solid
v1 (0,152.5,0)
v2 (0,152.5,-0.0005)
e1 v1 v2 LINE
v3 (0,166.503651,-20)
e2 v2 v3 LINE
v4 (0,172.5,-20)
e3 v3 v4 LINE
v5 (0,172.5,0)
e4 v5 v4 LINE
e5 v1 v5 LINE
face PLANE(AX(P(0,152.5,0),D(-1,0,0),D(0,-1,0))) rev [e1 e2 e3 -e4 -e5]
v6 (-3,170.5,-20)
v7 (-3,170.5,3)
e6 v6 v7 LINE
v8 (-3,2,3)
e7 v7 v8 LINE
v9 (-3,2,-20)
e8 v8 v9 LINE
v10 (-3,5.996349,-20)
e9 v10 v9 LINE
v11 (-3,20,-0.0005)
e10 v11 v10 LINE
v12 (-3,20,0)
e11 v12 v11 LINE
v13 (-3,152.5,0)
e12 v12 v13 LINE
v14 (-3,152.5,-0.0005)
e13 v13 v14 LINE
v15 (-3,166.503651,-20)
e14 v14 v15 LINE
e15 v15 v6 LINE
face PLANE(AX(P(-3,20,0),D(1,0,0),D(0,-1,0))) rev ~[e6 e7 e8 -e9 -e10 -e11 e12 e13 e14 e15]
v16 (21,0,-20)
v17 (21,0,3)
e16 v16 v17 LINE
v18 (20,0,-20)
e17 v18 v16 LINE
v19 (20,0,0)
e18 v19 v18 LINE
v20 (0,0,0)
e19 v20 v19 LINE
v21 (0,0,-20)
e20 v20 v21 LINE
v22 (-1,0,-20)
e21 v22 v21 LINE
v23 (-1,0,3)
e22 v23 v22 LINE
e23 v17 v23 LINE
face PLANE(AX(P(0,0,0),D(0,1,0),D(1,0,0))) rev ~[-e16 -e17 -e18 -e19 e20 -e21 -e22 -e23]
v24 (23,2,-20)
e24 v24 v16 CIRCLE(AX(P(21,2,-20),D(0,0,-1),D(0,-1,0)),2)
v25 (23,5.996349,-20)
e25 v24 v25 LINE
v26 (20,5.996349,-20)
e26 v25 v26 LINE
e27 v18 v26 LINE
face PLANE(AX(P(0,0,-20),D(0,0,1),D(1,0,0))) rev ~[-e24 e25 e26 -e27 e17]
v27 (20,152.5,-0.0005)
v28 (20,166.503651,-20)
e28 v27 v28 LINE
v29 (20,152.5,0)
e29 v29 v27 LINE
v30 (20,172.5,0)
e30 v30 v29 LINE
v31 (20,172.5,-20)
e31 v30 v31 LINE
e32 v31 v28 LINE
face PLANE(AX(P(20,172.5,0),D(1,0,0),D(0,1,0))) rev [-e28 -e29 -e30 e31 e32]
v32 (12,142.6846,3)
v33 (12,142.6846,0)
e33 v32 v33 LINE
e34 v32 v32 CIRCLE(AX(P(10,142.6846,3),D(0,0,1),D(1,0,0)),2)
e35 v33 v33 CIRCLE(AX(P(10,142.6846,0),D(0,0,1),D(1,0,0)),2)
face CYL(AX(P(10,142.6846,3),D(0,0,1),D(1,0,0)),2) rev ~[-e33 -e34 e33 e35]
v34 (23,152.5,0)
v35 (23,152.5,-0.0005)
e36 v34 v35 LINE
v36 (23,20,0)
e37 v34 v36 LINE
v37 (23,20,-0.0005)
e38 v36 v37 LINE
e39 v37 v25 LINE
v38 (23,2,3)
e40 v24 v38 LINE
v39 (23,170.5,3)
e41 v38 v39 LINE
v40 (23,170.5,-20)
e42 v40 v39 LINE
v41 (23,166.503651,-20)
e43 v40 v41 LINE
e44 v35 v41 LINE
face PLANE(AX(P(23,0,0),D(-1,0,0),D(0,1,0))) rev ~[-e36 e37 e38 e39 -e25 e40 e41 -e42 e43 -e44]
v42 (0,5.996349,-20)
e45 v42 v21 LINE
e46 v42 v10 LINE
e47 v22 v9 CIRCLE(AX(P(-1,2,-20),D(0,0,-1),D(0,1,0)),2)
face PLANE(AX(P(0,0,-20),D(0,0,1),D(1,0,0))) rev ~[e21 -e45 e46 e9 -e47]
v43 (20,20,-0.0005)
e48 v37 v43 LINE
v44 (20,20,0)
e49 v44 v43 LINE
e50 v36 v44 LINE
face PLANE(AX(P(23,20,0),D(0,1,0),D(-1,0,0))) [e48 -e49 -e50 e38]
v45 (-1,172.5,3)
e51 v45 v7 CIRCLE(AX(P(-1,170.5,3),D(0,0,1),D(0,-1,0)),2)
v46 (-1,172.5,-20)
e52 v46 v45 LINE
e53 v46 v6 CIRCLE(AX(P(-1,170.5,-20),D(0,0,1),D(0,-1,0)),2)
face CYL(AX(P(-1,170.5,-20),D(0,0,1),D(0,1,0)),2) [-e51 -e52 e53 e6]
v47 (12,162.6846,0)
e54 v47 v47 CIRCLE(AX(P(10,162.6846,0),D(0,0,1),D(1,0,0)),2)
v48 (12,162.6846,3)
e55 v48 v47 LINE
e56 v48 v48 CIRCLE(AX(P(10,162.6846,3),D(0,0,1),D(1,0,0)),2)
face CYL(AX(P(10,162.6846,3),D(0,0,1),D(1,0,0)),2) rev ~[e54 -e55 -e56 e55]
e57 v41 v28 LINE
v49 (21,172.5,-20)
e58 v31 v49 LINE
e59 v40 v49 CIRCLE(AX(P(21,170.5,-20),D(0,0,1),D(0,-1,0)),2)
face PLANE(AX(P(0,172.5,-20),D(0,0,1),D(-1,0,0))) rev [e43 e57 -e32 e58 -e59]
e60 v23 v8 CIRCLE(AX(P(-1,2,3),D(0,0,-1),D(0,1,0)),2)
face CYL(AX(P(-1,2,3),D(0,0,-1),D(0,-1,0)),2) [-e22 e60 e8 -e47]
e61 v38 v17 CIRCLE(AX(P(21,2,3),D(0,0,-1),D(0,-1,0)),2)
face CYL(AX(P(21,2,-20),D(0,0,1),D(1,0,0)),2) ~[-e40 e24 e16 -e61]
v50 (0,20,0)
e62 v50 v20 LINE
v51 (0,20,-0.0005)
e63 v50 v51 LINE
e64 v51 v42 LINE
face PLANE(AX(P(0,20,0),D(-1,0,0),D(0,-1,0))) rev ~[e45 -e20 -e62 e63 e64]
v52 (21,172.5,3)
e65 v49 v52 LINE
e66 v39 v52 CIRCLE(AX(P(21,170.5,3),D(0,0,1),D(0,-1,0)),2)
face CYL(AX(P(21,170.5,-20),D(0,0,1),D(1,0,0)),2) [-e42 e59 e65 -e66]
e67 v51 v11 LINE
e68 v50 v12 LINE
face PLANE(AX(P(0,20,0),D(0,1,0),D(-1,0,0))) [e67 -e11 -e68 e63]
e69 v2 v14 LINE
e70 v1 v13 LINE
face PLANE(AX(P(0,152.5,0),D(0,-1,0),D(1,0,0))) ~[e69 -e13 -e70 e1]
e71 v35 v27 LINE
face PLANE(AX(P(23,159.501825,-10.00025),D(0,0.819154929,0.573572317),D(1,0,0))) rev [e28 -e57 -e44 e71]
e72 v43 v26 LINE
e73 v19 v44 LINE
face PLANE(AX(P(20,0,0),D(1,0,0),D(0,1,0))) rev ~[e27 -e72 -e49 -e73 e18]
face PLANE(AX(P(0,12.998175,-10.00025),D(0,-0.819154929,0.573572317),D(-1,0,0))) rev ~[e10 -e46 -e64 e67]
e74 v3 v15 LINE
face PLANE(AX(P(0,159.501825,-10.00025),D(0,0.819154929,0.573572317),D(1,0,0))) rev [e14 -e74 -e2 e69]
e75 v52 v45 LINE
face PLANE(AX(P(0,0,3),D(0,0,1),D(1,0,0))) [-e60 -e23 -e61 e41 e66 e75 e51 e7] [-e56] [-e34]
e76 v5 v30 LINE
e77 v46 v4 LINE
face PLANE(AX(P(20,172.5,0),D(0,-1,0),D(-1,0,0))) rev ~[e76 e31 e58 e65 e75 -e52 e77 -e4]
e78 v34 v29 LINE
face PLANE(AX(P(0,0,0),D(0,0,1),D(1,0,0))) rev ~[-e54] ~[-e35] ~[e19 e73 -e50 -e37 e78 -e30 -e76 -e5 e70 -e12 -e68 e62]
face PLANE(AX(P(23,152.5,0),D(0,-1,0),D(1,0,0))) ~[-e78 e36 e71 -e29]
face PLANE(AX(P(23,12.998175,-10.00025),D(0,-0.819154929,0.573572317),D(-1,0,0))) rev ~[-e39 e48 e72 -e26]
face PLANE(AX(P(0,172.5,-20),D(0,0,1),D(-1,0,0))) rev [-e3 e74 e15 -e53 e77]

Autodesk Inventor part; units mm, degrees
ref_plane "YZ Plane" through (0, 0, 0) normal (1, 0, 0) x (0, 1, 0)
ref_plane "XZ Plane" through (0, 0, 0) normal (0, 1, 0) x (-1, 0, 0)
sketch "Sketch1" plane through (0, 0, 0) normal (0, 0, 1) x (1, 0, 0)
  line L0 (0, 0) -> (20, 0)
  line L1 (20, 0) -> (20, 172.5)
  line L2 (20, 172.5) -> (0, 172.5)
  line L3 (0, 172.5) -> (0, 0)
  line L4 (0, 0) -> (0, 172.5)
  line L5 (0, 172.5) -> (-3, 172.5)
  line L6 (-3, 172.5) -> (-3, 0)
  line L7 (-3, 0) -> (0, 0)
  line L8 (20, 172.5) -> (20, 0)
  line L9 (20, 0) -> (23, 0)
  line L10 (23, 0) -> (23, 172.5)
  line L11 (23, 172.5) -> (20, 172.5)
  line L12 (23, 20) -> (-3, 20)
  point P0 (0, 20)
  point P1 (20, 20)
  dimension "d0" = 20
  dimension "d1" = 172.5
  dimension "d2" = 3
  dimension "d3" = 3
  dimension "d6" = 20
extrude "Extrusion1" add sketch "Sketch1" along normal blind 3
extrude "Extrusion2" add sketch "Sketch1" against normal blind 20 contours L7 L6 L12 L3 | L1 L12 L10 L9
chamfer "Chamfer1" distance 20 angle 35 1 edges at (-1.5, 20, -20) measured on face at (-1, 20, -6.6667)
chamfer "Chamfer2" distance 20 angle 35 1 edges at (21.5, 20, -20) measured on face at (22, 20, -6.6667)
sketch "Sketch2" plane through (0, 0, 3) normal (0, 0, 1) x (1, 0, 0)
  circle A0 centre (10, 162.6846) radius 2 projected
  circle A1 centre (10, 142.6846) radius 2 projected
  point P0 (0, 0)
extrude "Extrusion3" cut sketch "Sketch2" against normal through all
ref_plane "Work Plane2" through (-3, 86.25, 0) normal (0, 1, 0) x (1, 0, 0)
mirror "Mirror2" about plane through (-3, 86.25, 0) normal (0, 1, 0) of "Extrusion2", "Chamfer1", "Chamfer2"
fillet "Fillet1" radius 2 4 edges at (23, 0, -8.5) (-3, 0, -8.5) (23, 172.5, -8.5) (-3, 172.5, -8.5)
properties part number "Z Drill Template"
